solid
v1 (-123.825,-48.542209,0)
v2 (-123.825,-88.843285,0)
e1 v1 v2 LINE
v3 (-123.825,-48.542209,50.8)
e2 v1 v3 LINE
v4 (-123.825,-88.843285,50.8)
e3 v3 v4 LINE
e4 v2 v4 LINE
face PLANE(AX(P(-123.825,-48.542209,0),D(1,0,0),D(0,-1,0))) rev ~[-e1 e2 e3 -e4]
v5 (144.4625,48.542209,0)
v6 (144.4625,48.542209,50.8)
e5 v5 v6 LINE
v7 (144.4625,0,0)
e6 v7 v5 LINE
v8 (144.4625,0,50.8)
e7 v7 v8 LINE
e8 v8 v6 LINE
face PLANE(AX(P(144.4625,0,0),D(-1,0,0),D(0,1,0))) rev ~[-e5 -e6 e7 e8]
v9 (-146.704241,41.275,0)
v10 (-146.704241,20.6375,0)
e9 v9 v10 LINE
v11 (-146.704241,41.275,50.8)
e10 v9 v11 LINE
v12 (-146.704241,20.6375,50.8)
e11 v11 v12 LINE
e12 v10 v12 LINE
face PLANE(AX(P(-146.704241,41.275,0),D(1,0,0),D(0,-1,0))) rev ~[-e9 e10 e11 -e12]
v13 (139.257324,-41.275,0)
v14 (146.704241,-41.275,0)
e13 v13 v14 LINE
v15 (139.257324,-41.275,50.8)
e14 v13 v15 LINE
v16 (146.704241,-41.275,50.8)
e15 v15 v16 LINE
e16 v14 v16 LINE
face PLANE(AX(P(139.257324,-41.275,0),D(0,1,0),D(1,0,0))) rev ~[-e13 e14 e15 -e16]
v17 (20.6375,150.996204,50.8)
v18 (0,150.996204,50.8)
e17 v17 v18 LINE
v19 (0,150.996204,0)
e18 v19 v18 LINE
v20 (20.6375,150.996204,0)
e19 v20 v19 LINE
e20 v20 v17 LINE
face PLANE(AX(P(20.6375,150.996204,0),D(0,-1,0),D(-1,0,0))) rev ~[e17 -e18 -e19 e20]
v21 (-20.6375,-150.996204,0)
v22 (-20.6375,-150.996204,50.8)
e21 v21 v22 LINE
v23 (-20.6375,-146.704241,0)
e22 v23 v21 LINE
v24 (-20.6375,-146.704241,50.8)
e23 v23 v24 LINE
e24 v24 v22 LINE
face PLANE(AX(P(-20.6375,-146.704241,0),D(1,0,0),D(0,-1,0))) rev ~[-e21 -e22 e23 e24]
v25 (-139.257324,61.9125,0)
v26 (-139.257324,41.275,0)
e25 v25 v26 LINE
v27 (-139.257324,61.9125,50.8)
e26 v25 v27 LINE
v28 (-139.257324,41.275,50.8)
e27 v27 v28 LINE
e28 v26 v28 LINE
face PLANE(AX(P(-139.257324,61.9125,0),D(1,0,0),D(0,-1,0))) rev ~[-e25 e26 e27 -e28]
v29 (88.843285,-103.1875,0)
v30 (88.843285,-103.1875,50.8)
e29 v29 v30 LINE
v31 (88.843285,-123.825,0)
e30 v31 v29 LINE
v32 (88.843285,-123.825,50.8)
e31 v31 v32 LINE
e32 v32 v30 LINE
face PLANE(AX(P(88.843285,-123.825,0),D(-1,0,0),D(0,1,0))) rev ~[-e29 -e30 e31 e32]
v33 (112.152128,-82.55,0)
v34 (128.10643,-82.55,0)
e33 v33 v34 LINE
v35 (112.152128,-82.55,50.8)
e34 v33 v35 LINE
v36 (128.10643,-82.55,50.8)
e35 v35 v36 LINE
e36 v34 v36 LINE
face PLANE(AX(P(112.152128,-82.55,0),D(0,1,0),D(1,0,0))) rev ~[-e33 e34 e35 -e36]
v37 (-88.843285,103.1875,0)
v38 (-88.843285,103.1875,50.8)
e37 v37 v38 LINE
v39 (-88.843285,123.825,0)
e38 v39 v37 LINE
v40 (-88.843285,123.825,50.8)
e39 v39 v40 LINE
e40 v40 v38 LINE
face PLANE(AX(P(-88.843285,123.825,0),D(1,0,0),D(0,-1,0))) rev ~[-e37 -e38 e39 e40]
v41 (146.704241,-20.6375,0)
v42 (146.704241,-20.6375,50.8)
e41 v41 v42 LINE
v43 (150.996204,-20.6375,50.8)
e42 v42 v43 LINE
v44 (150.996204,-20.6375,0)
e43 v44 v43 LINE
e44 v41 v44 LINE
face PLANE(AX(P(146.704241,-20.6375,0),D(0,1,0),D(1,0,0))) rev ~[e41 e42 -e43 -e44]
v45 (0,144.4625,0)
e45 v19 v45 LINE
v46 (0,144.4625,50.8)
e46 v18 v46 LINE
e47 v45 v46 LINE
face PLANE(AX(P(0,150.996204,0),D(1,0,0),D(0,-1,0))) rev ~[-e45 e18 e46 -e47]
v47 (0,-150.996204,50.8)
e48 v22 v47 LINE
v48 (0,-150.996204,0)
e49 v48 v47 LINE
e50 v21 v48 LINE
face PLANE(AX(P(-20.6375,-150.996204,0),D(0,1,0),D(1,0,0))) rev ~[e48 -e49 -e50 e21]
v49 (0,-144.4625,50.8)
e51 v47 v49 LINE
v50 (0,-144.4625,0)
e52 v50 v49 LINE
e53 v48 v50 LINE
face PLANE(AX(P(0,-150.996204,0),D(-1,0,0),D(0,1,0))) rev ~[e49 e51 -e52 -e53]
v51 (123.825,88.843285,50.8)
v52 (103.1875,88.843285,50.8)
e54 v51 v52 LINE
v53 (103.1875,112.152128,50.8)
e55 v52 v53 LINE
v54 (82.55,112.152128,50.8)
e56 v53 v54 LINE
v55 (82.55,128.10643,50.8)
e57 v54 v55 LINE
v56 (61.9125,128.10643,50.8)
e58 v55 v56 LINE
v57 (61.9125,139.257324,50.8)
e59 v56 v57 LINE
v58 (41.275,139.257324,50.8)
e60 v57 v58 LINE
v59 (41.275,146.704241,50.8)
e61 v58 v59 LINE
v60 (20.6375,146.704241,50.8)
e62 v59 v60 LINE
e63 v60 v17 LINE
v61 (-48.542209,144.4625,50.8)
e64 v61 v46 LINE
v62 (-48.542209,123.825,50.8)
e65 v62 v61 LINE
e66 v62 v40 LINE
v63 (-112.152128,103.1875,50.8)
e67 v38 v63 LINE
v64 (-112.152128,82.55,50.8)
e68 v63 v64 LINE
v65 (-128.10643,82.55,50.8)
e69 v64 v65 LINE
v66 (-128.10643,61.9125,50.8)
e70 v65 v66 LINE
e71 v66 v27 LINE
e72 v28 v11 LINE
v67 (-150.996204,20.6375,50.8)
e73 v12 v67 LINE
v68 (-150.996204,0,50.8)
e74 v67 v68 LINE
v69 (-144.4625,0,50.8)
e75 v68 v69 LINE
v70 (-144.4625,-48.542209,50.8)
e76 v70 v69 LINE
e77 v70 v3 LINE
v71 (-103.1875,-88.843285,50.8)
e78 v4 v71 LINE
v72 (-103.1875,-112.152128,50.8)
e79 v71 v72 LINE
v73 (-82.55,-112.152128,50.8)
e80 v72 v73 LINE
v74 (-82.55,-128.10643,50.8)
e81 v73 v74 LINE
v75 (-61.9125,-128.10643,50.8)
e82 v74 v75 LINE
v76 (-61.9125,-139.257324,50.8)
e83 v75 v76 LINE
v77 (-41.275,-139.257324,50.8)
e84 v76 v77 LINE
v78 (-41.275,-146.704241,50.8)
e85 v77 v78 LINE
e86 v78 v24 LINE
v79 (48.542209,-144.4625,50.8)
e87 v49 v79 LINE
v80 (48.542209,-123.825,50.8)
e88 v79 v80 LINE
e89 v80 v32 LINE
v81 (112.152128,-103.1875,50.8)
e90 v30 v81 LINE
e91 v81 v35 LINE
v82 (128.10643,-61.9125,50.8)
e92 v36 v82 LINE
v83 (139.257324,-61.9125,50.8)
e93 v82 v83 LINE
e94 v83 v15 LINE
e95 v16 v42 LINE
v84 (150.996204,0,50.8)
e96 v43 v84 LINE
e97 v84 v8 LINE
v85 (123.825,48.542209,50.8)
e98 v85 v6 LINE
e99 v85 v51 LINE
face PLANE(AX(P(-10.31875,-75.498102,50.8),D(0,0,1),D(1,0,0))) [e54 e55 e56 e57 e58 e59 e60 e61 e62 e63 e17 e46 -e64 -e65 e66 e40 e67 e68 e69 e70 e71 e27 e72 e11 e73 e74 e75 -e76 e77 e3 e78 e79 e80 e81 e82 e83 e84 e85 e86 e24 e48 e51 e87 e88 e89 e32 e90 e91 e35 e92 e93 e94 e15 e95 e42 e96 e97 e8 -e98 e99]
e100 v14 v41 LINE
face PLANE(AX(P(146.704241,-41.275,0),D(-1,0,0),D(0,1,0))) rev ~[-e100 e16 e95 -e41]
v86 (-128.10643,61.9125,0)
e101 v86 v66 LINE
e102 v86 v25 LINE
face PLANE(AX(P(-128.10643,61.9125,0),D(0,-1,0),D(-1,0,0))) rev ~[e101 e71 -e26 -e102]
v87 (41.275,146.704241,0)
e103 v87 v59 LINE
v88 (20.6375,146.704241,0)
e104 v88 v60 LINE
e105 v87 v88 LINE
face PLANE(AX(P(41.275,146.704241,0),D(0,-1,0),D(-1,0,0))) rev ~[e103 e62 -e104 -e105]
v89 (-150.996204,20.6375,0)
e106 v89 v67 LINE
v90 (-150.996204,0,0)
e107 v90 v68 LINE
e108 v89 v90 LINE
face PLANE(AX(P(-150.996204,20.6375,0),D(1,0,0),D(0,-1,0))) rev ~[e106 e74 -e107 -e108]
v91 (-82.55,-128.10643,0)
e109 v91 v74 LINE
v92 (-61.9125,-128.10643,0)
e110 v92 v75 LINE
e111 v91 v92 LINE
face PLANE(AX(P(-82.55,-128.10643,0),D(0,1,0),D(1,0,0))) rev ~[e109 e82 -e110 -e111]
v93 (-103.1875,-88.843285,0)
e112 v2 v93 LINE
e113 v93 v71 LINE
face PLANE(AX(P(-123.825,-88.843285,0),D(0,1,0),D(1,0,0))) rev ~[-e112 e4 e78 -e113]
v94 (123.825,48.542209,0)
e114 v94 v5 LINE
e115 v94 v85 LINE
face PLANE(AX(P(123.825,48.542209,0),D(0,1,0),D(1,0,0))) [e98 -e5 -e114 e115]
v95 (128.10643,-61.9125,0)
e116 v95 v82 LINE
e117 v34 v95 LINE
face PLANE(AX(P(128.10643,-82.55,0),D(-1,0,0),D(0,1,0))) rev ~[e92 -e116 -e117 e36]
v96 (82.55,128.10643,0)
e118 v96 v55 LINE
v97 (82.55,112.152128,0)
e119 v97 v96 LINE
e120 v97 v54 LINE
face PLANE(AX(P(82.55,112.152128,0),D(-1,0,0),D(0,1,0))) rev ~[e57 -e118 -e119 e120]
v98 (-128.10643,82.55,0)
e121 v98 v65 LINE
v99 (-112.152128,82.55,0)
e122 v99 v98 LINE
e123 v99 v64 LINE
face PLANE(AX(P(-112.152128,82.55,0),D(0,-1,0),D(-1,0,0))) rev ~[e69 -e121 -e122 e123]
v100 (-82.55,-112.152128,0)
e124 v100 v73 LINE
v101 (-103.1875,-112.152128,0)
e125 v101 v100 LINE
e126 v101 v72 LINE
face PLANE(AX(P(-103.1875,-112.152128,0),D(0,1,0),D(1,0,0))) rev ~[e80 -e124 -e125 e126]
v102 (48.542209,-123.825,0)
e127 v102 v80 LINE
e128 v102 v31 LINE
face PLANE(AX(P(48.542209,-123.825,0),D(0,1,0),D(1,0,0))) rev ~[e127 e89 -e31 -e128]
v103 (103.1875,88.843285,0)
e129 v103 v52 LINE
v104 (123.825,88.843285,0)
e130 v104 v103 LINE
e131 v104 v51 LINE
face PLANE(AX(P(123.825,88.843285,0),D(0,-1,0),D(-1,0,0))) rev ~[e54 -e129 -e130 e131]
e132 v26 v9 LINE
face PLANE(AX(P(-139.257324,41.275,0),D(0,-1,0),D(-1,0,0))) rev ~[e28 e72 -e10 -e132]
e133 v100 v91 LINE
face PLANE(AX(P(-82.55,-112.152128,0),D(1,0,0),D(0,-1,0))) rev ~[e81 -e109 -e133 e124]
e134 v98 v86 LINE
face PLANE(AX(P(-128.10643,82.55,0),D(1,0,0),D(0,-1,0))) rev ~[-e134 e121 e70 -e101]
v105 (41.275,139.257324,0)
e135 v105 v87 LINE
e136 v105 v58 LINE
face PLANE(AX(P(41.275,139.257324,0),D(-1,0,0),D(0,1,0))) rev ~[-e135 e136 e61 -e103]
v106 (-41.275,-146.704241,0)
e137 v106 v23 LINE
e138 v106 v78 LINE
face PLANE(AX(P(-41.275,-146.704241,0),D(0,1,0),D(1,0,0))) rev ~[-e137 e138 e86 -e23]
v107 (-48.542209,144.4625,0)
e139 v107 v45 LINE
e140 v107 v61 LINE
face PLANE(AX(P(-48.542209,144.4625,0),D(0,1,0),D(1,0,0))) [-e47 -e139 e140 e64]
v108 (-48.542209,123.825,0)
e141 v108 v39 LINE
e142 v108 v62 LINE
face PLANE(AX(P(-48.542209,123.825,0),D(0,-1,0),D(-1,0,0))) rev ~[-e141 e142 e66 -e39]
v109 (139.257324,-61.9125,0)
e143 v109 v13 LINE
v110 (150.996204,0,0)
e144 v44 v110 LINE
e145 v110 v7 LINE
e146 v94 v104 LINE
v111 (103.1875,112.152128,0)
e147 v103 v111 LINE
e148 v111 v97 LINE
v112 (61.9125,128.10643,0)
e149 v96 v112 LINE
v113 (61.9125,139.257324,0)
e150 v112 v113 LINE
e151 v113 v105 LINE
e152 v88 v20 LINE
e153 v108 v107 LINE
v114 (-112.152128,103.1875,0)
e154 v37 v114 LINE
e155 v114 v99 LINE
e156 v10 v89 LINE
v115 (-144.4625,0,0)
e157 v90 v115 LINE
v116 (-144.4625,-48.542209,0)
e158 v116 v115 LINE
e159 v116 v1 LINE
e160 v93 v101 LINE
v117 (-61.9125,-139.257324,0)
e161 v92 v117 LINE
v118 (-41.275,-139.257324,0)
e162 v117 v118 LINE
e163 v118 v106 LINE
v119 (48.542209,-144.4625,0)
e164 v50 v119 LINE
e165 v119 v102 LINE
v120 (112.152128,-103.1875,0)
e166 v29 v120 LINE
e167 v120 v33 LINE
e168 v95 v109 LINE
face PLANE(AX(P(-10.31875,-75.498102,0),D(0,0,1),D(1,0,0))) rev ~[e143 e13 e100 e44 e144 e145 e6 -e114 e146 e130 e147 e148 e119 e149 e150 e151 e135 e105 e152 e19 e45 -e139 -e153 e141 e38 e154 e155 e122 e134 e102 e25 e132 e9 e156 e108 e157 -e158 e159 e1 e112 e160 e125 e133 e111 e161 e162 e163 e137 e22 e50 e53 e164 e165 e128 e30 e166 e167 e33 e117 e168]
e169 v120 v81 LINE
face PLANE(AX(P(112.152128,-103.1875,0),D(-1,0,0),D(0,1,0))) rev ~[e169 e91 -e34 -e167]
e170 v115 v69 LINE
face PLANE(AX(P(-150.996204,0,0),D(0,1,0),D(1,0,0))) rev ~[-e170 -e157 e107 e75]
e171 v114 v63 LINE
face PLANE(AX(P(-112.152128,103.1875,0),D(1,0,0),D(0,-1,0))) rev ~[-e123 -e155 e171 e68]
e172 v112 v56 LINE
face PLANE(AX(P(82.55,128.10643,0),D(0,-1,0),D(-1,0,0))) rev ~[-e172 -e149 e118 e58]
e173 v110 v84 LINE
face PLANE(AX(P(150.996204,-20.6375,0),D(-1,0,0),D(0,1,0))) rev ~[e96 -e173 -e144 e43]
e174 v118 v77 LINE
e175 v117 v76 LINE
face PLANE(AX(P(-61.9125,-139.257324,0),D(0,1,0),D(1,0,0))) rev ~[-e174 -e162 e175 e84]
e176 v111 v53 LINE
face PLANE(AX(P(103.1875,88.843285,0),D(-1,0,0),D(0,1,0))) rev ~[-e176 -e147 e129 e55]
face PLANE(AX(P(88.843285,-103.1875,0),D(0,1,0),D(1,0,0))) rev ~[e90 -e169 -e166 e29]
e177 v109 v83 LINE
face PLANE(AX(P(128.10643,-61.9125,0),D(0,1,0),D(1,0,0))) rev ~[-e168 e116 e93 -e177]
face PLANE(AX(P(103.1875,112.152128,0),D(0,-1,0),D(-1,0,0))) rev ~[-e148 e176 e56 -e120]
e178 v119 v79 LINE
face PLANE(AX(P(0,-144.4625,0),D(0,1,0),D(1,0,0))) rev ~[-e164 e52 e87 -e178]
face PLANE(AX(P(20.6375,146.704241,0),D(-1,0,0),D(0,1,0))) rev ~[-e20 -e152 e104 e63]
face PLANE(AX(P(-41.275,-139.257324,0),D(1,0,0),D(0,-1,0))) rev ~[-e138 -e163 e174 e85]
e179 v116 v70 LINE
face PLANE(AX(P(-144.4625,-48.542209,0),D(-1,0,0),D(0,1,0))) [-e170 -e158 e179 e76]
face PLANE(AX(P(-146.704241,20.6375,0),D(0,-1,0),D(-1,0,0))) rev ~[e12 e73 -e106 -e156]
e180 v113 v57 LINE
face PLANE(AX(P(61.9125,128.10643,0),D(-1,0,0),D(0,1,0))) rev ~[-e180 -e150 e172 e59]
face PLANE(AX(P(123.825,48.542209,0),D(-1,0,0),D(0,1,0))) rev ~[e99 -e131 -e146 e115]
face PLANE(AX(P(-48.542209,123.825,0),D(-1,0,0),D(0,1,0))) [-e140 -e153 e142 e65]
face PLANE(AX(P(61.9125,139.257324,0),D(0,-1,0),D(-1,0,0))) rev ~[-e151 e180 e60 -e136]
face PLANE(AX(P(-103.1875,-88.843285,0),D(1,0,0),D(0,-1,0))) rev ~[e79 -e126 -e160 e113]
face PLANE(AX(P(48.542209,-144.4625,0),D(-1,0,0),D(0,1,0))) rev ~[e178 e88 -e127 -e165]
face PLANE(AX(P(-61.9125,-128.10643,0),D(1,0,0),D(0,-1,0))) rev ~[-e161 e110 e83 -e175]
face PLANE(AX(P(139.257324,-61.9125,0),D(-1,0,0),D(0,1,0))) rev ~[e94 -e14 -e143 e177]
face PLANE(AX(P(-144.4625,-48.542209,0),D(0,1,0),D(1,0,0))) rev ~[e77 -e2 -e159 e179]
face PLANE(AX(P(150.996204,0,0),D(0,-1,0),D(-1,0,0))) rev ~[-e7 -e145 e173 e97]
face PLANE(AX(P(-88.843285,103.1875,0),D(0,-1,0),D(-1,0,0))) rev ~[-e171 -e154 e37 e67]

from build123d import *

# Parameters (mm, degrees)
F0_W     = 48.542209
F0_H     = 20.6375
F0_W_2   = 20.6375
F0_H_2   = 48.542209
F1_DEPTH = 50.8


with BuildPart() as f1:
    # F0 (on Top) → F1 (new body)
    with BuildSketch(Plane.XY):
        Polygon((0, -20.6375), (0, 0), (-20.6375, 0), (-20.6375, -146.704241), (-20.6375, -150.996204), (0, -150.996204), (0, -144.4625), (0, -123.825), (0, -103.1875), (0, -82.55), (0, -61.9125), (0, -41.275), align=None)
        Polygon((20.6375, 0), (0, 0), (0, -20.6375), (146.704241, -20.6375), (150.996204, -20.6375), (150.996204, 0), (144.4625, 0), (123.825, 0), (103.1875, 0), (82.55, 0), (61.9125, 0), (41.275, 0), align=None)
        Polygon((0, 20.6375), (0, 0), (20.6375, 0), (20.6375, 146.704241), (20.6375, 150.996204), (0, 150.996204), (0, 144.4625), (0, 123.825), (0, 103.1875), (0, 82.55), (0, 61.9125), (0, 41.275), align=None)
        Polygon((-20.6375, 0), (0, 0), (0, 20.6375), (-146.704241, 20.6375), (-150.996204, 20.6375), (-150.996204, 0), (-144.4625, 0), (-123.825, 0), (-103.1875, 0), (-82.55, 0), (-61.9125, 0), (-41.275, 0), align=None)
        Polygon((-20.6375, -146.704241), (-20.6375, 0), (-41.275, 0), (-41.275, -139.257324), (-41.275, -146.704241), align=None)
        Polygon((146.704241, -20.6375), (0, -20.6375), (0, -41.275), (139.257324, -41.275), (146.704241, -41.275), align=None)
        Polygon((20.6375, 146.704241), (20.6375, 0), (41.275, 0), (41.275, 139.257324), (41.275, 146.704241), align=None)
        Polygon((-146.704241, 20.6375), (0, 20.6375), (0, 41.275), (-139.257324, 41.275), (-146.704241, 41.275), align=None)
        Polygon((-41.275, -139.257324), (-41.275, 0), (-61.9125, 0), (-61.9125, -128.10643), (-61.9125, -139.257324), align=None)
        Polygon((139.257324, -41.275), (0, -41.275), (0, -61.9125), (128.10643, -61.9125), (139.257324, -61.9125), align=None)
        Polygon((41.275, 139.257324), (41.275, 0), (61.9125, 0), (61.9125, 128.10643), (61.9125, 139.257324), align=None)
        Polygon((-139.257324, 41.275), (0, 41.275), (0, 61.9125), (-128.10643, 61.9125), (-139.257324, 61.9125), align=None)
        Polygon((-61.9125, -128.10643), (-61.9125, 0), (-82.55, 0), (-82.55, -112.152128), (-82.55, -128.10643), align=None)
        Polygon((128.10643, -61.9125), (0, -61.9125), (0, -82.55), (112.152128, -82.55), (128.10643, -82.55), align=None)
        Polygon((61.9125, 128.10643), (61.9125, 0), (82.55, 0), (82.55, 112.152128), (82.55, 128.10643), align=None)
        Polygon((-128.10643, 61.9125), (0, 61.9125), (0, 82.55), (-112.152128, 82.55), (-128.10643, 82.55), align=None)
        Polygon((-82.55, -112.152128), (-82.55, 0), (-103.1875, 0), (-103.1875, -88.843285), (-103.1875, -112.152128), align=None)
        Polygon((112.152128, -82.55), (0, -82.55), (0, -103.1875), (88.843285, -103.1875), (112.152128, -103.1875), align=None)
        Polygon((82.55, 112.152128), (82.55, 0), (103.1875, 0), (103.1875, 88.843285), (103.1875, 112.152128), align=None)
        Polygon((-112.152128, 82.55), (0, 82.55), (0, 103.1875), (-88.843285, 103.1875), (-112.152128, 103.1875), align=None)
        with Locations((24.271104, -134.14375)):
            Rectangle(F0_W, F0_H)
        Polygon((-103.1875, -88.843285), (-103.1875, 0), (-123.825, 0), (-123.825, -48.542209), (-123.825, -88.843285), align=None)
        Polygon((88.843285, -103.1875), (0, -103.1875), (0, -123.825), (48.542209, -123.825), (88.843285, -123.825), align=None)
        with Locations((134.14375, 24.271104)):
            Rectangle(F0_W_2, F0_H_2)
        Polygon((103.1875, 88.843285), (103.1875, 0), (123.825, 0), (123.825, 48.542209), (123.825, 88.843285), align=None)
        with Locations((-24.271104, 134.14375)):
            Rectangle(F0_W, F0_H)
        Polygon((-88.843285, 103.1875), (0, 103.1875), (0, 123.825), (-48.542209, 123.825), (-88.843285, 123.825), align=None)
        with Locations((-134.14375, -24.271104)):
            Rectangle(F0_W_2, F0_H_2)
    extrude(amount=F1_DEPTH)


solid = f1.part
